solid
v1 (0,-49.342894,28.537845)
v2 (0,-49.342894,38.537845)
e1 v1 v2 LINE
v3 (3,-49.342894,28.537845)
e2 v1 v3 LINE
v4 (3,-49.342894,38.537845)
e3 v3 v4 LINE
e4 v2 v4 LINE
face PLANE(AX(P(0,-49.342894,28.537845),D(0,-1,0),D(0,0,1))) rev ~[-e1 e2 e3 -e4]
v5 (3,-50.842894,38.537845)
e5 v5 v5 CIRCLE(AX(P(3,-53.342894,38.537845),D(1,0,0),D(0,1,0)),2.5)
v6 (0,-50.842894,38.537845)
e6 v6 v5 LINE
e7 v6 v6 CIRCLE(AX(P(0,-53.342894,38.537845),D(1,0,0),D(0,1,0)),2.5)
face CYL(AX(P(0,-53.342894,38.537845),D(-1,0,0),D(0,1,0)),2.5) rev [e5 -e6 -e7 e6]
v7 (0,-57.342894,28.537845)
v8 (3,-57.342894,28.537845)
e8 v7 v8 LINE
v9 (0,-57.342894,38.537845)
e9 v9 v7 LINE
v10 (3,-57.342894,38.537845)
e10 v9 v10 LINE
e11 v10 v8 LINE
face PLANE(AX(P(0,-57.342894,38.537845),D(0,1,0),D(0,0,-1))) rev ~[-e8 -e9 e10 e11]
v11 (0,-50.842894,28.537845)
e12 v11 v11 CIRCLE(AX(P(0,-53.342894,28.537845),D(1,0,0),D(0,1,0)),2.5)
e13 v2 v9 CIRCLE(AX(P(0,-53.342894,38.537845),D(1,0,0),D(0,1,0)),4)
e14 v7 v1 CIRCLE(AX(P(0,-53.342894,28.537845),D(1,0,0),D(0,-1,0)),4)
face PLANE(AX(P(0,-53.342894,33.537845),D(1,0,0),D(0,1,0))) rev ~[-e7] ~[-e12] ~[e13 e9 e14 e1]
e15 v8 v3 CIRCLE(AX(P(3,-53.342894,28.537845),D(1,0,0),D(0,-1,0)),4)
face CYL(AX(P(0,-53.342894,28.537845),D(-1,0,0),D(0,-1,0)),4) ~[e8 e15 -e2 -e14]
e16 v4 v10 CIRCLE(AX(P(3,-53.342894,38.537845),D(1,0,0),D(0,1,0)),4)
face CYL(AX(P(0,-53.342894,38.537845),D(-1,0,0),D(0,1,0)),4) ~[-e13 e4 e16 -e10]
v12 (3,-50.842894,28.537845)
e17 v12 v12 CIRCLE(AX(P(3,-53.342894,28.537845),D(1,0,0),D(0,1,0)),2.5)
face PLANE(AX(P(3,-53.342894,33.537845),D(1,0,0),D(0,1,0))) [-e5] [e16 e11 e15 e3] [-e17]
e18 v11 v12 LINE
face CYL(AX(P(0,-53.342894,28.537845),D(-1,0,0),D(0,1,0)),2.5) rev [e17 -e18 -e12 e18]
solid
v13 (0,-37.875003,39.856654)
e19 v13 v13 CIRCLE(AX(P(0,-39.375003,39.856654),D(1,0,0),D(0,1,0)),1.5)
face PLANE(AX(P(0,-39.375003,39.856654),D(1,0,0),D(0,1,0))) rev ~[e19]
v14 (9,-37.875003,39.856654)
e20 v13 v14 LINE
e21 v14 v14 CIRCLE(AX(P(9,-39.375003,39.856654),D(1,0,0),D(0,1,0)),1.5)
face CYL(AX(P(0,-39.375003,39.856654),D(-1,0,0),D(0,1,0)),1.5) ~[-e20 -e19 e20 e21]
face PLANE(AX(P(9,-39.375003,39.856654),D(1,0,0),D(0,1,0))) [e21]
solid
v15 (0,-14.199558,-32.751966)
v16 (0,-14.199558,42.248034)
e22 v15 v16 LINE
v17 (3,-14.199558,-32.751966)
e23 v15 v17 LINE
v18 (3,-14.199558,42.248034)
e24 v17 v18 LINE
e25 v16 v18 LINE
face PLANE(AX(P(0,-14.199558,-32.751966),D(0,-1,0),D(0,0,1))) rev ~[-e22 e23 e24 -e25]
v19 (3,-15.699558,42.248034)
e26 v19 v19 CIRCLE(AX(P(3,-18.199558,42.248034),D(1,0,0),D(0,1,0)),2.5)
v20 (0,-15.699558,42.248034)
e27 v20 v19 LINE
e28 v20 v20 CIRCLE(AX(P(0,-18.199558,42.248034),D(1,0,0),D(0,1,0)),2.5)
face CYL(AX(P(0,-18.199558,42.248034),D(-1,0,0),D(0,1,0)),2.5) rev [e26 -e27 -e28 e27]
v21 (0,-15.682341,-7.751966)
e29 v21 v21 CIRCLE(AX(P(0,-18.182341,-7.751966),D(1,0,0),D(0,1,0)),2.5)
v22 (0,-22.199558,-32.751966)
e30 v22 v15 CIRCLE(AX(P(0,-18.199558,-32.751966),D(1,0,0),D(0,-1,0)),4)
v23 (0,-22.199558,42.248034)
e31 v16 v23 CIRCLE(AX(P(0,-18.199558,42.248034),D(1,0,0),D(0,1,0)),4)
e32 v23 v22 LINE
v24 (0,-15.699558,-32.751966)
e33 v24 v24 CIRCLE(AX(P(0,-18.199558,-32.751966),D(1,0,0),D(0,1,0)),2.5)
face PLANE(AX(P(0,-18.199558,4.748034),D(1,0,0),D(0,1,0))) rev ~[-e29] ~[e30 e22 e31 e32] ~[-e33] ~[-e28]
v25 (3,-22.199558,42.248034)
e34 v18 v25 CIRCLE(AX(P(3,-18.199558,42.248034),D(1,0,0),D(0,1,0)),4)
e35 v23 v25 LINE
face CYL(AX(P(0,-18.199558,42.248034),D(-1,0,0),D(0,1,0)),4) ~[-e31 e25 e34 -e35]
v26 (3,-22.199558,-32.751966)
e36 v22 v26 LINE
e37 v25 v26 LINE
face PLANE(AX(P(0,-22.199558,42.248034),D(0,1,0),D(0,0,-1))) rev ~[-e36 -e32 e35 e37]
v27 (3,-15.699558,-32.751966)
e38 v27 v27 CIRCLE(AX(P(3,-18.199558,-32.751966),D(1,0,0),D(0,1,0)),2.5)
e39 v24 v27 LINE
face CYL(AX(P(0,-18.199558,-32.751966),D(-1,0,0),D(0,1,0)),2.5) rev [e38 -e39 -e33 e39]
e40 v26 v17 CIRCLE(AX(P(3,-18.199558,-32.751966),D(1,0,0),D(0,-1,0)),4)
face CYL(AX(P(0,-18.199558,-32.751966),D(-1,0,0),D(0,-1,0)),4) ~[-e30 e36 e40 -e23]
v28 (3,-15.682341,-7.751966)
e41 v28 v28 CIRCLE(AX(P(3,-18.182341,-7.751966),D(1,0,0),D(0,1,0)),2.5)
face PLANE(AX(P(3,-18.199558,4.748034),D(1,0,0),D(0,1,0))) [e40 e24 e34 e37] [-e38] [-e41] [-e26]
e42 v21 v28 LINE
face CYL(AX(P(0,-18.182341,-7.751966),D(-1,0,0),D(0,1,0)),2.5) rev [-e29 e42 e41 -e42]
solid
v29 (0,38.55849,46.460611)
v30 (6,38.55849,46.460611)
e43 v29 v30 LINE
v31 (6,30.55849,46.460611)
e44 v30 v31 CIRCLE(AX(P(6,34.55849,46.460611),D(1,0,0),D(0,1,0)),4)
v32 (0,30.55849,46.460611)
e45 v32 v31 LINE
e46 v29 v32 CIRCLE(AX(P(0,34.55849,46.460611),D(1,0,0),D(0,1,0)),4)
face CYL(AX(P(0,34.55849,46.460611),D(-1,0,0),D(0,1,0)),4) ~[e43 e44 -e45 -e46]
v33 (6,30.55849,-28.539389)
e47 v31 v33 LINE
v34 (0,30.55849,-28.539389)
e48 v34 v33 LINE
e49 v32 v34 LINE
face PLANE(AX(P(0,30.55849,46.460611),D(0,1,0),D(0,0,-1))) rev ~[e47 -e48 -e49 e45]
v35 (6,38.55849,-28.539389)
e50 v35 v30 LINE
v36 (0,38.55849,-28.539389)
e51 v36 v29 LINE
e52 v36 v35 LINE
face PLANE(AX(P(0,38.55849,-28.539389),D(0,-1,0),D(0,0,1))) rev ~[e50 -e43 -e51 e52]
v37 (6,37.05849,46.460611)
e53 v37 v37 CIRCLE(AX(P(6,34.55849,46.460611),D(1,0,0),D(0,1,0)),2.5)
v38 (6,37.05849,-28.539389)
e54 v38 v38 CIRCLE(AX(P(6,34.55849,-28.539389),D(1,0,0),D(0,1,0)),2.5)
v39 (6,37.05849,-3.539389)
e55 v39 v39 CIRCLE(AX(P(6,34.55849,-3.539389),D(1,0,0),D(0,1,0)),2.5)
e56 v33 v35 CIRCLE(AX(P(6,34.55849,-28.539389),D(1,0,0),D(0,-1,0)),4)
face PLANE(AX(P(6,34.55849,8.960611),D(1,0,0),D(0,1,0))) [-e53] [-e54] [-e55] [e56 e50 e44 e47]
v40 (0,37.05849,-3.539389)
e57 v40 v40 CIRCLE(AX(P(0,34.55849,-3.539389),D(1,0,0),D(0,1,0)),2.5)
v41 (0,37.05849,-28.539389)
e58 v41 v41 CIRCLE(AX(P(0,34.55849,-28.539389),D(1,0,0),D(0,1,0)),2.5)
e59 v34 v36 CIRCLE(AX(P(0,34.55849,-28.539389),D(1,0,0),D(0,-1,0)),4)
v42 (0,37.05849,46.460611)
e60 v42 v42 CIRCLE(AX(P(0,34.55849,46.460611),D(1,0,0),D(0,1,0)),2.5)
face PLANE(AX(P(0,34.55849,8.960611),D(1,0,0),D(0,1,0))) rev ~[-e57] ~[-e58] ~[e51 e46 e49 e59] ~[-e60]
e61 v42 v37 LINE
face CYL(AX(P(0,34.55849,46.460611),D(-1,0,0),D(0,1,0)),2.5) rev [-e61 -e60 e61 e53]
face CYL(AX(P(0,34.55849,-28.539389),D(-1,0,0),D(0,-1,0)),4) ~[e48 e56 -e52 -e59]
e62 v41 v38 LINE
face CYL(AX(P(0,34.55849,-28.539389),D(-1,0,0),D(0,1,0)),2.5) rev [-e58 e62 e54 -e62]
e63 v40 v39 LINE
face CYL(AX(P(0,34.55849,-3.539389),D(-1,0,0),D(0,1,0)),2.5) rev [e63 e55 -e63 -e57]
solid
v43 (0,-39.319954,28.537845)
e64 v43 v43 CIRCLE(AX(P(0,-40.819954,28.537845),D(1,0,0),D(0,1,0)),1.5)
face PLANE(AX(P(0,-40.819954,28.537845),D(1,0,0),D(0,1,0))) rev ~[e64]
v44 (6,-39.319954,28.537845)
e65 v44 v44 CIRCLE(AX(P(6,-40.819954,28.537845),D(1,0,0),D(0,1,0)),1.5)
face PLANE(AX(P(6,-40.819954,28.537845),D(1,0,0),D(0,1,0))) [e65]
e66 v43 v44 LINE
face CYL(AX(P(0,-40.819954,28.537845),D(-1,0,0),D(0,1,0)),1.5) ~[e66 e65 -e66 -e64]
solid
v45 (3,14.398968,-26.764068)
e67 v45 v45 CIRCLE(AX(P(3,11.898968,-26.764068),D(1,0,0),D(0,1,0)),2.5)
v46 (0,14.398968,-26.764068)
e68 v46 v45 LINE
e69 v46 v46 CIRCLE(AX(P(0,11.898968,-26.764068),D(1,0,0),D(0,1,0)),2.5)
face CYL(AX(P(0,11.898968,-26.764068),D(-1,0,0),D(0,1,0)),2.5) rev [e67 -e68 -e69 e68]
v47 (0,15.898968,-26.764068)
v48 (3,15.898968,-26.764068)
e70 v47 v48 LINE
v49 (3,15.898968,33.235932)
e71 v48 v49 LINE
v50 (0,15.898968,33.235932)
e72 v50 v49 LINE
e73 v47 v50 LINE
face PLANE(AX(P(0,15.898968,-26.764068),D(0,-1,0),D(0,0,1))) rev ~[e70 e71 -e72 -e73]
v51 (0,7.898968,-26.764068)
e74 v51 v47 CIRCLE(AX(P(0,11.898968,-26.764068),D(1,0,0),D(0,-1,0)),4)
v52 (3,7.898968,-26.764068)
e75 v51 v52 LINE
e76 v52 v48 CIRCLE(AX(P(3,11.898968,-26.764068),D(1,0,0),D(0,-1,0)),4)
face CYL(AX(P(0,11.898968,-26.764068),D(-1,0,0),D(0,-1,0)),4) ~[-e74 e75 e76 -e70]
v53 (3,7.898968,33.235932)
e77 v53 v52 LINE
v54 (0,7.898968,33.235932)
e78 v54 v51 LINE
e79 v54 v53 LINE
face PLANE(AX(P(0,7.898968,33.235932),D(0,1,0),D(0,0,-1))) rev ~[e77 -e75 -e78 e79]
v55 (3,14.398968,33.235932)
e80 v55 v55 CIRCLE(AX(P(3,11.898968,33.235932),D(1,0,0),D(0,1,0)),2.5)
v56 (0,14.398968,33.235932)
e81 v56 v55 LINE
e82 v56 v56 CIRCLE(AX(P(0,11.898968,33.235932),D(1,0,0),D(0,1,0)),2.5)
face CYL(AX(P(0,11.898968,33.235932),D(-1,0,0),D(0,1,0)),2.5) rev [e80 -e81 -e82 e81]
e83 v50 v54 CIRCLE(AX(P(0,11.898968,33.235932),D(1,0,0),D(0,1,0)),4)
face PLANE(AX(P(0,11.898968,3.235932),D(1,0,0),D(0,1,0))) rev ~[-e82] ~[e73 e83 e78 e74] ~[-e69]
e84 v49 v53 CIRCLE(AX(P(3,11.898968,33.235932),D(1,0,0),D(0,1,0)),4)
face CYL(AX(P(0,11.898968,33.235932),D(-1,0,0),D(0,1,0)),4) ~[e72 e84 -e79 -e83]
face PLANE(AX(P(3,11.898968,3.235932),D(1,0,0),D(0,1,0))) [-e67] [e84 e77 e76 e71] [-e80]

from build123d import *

# Parameters (mm, degrees)
F0_R      = 2.5
F1_DEPTH  = 3
F2_R      = 1.5
F3_DEPTH  = 9
F4_R      = 2.5
F5_DEPTH  = 3
F6_R      = 2.5
F7_DEPTH  = 3
F8_R      = 2.5
F9_DEPTH  = 6
F10_R     = 1.5
F11_DEPTH = 6


with BuildPart() as f1:
    # F0 (on Right) → F1 (new body)
    with BuildSketch(Plane.YZ):
        with BuildLine():
            Line((-49.342894, 28.537845), (-49.342894, 38.537845))
            ThreePointArc((-49.342894, 38.537845), (-53.342894, 42.537845), (-57.342894, 38.537845))
            Line((-57.342894, 38.537845), (-57.342894, 28.537845))
            ThreePointArc((-57.342894, 28.537845), (-53.342894, 24.537845), (-49.342894, 28.537845))
        make_face()
        with Locations((-53.342894, 28.537845)):
            Circle(F0_R, mode=Mode.SUBTRACT)
        with Locations((-53.342894, 38.537845)):
            Circle(F0_R, mode=Mode.SUBTRACT)
    extrude(amount=F1_DEPTH)


with BuildPart() as f3:
    # F2 (on Right) → F3 (new body)
    with BuildSketch(Plane.YZ):
        with Locations((-39.375003, 39.856654)):
            Circle(F2_R)
    extrude(amount=F3_DEPTH)


with BuildPart() as f5:
    # F4 (on Right) → F5 (new body)
    with BuildSketch(Plane.YZ):
        with BuildLine():
            Line((-14.199558, -32.751966), (-14.199558, 42.248034))
            ThreePointArc((-14.199558, 42.248034), (-18.199558, 46.248034), (-22.199558, 42.248034))
            Line((-22.199558, 42.248034), (-22.199558, -32.751966))
            ThreePointArc((-22.199558, -32.751966), (-18.199558, -36.751966), (-14.199558, -32.751966))
        make_face()
        with Locations((-18.199558, -32.751966)):
            Circle(F4_R, mode=Mode.SUBTRACT)
        with Locations((-18.182341, -7.751966)):
            Circle(F4_R, mode=Mode.SUBTRACT)
        with Locations((-18.199558, 42.248034)):
            Circle(F4_R, mode=Mode.SUBTRACT)
    extrude(amount=F5_DEPTH)


with BuildPart() as f7:
    # F6 (on Right) → F7 (new body)
    with BuildSketch(Plane.YZ):
        with BuildLine():
            Line((15.898968, -26.764068), (15.898968, 33.235932))
            ThreePointArc((15.898968, 33.235932), (11.898968, 37.235932), (7.898968, 33.235932))
            Line((7.898968, 33.235932), (7.898968, -26.764068))
            ThreePointArc((7.898968, -26.764068), (11.898968, -30.764068), (15.898968, -26.764068))
        make_face()
        with Locations((11.898968, -26.764068)):
            Circle(F6_R, mode=Mode.SUBTRACT)
        with Locations((11.898968, 33.235932)):
            Circle(F6_R, mode=Mode.SUBTRACT)
    extrude(amount=F7_DEPTH)


with BuildPart() as f9:
    # F8 (on Right) → F9 (new body)
    with BuildSketch(Plane.YZ):
        with BuildLine():
            Line((38.55849, -28.539389), (38.55849, 46.460611))
            ThreePointArc((38.55849, 46.460611), (34.55849, 50.460611), (30.55849, 46.460611))
            Line((30.55849, 46.460611), (30.55849, -28.539389))
            ThreePointArc((30.55849, -28.539389), (34.55849, -32.539389), (38.55849, -28.539389))
        make_face()
        with Locations((34.55849, -28.539389)):
            Circle(F8_R, mode=Mode.SUBTRACT)
        with Locations((34.55849, -3.539389)):
            Circle(F8_R, mode=Mode.SUBTRACT)
        with Locations((34.55849, 46.460611)):
            Circle(F8_R, mode=Mode.SUBTRACT)
    extrude(amount=F9_DEPTH)


with BuildPart() as f11:
    # F10 (on Right) → F11 (new body)
    with BuildSketch(Plane.YZ):
        with Locations((-40.819954, 28.537845)):
            Circle(F10_R)
    extrude(amount=F11_DEPTH)


solid = Compound([f1.part, f3.part, f5.part, f7.part, f9.part, f11.part])
